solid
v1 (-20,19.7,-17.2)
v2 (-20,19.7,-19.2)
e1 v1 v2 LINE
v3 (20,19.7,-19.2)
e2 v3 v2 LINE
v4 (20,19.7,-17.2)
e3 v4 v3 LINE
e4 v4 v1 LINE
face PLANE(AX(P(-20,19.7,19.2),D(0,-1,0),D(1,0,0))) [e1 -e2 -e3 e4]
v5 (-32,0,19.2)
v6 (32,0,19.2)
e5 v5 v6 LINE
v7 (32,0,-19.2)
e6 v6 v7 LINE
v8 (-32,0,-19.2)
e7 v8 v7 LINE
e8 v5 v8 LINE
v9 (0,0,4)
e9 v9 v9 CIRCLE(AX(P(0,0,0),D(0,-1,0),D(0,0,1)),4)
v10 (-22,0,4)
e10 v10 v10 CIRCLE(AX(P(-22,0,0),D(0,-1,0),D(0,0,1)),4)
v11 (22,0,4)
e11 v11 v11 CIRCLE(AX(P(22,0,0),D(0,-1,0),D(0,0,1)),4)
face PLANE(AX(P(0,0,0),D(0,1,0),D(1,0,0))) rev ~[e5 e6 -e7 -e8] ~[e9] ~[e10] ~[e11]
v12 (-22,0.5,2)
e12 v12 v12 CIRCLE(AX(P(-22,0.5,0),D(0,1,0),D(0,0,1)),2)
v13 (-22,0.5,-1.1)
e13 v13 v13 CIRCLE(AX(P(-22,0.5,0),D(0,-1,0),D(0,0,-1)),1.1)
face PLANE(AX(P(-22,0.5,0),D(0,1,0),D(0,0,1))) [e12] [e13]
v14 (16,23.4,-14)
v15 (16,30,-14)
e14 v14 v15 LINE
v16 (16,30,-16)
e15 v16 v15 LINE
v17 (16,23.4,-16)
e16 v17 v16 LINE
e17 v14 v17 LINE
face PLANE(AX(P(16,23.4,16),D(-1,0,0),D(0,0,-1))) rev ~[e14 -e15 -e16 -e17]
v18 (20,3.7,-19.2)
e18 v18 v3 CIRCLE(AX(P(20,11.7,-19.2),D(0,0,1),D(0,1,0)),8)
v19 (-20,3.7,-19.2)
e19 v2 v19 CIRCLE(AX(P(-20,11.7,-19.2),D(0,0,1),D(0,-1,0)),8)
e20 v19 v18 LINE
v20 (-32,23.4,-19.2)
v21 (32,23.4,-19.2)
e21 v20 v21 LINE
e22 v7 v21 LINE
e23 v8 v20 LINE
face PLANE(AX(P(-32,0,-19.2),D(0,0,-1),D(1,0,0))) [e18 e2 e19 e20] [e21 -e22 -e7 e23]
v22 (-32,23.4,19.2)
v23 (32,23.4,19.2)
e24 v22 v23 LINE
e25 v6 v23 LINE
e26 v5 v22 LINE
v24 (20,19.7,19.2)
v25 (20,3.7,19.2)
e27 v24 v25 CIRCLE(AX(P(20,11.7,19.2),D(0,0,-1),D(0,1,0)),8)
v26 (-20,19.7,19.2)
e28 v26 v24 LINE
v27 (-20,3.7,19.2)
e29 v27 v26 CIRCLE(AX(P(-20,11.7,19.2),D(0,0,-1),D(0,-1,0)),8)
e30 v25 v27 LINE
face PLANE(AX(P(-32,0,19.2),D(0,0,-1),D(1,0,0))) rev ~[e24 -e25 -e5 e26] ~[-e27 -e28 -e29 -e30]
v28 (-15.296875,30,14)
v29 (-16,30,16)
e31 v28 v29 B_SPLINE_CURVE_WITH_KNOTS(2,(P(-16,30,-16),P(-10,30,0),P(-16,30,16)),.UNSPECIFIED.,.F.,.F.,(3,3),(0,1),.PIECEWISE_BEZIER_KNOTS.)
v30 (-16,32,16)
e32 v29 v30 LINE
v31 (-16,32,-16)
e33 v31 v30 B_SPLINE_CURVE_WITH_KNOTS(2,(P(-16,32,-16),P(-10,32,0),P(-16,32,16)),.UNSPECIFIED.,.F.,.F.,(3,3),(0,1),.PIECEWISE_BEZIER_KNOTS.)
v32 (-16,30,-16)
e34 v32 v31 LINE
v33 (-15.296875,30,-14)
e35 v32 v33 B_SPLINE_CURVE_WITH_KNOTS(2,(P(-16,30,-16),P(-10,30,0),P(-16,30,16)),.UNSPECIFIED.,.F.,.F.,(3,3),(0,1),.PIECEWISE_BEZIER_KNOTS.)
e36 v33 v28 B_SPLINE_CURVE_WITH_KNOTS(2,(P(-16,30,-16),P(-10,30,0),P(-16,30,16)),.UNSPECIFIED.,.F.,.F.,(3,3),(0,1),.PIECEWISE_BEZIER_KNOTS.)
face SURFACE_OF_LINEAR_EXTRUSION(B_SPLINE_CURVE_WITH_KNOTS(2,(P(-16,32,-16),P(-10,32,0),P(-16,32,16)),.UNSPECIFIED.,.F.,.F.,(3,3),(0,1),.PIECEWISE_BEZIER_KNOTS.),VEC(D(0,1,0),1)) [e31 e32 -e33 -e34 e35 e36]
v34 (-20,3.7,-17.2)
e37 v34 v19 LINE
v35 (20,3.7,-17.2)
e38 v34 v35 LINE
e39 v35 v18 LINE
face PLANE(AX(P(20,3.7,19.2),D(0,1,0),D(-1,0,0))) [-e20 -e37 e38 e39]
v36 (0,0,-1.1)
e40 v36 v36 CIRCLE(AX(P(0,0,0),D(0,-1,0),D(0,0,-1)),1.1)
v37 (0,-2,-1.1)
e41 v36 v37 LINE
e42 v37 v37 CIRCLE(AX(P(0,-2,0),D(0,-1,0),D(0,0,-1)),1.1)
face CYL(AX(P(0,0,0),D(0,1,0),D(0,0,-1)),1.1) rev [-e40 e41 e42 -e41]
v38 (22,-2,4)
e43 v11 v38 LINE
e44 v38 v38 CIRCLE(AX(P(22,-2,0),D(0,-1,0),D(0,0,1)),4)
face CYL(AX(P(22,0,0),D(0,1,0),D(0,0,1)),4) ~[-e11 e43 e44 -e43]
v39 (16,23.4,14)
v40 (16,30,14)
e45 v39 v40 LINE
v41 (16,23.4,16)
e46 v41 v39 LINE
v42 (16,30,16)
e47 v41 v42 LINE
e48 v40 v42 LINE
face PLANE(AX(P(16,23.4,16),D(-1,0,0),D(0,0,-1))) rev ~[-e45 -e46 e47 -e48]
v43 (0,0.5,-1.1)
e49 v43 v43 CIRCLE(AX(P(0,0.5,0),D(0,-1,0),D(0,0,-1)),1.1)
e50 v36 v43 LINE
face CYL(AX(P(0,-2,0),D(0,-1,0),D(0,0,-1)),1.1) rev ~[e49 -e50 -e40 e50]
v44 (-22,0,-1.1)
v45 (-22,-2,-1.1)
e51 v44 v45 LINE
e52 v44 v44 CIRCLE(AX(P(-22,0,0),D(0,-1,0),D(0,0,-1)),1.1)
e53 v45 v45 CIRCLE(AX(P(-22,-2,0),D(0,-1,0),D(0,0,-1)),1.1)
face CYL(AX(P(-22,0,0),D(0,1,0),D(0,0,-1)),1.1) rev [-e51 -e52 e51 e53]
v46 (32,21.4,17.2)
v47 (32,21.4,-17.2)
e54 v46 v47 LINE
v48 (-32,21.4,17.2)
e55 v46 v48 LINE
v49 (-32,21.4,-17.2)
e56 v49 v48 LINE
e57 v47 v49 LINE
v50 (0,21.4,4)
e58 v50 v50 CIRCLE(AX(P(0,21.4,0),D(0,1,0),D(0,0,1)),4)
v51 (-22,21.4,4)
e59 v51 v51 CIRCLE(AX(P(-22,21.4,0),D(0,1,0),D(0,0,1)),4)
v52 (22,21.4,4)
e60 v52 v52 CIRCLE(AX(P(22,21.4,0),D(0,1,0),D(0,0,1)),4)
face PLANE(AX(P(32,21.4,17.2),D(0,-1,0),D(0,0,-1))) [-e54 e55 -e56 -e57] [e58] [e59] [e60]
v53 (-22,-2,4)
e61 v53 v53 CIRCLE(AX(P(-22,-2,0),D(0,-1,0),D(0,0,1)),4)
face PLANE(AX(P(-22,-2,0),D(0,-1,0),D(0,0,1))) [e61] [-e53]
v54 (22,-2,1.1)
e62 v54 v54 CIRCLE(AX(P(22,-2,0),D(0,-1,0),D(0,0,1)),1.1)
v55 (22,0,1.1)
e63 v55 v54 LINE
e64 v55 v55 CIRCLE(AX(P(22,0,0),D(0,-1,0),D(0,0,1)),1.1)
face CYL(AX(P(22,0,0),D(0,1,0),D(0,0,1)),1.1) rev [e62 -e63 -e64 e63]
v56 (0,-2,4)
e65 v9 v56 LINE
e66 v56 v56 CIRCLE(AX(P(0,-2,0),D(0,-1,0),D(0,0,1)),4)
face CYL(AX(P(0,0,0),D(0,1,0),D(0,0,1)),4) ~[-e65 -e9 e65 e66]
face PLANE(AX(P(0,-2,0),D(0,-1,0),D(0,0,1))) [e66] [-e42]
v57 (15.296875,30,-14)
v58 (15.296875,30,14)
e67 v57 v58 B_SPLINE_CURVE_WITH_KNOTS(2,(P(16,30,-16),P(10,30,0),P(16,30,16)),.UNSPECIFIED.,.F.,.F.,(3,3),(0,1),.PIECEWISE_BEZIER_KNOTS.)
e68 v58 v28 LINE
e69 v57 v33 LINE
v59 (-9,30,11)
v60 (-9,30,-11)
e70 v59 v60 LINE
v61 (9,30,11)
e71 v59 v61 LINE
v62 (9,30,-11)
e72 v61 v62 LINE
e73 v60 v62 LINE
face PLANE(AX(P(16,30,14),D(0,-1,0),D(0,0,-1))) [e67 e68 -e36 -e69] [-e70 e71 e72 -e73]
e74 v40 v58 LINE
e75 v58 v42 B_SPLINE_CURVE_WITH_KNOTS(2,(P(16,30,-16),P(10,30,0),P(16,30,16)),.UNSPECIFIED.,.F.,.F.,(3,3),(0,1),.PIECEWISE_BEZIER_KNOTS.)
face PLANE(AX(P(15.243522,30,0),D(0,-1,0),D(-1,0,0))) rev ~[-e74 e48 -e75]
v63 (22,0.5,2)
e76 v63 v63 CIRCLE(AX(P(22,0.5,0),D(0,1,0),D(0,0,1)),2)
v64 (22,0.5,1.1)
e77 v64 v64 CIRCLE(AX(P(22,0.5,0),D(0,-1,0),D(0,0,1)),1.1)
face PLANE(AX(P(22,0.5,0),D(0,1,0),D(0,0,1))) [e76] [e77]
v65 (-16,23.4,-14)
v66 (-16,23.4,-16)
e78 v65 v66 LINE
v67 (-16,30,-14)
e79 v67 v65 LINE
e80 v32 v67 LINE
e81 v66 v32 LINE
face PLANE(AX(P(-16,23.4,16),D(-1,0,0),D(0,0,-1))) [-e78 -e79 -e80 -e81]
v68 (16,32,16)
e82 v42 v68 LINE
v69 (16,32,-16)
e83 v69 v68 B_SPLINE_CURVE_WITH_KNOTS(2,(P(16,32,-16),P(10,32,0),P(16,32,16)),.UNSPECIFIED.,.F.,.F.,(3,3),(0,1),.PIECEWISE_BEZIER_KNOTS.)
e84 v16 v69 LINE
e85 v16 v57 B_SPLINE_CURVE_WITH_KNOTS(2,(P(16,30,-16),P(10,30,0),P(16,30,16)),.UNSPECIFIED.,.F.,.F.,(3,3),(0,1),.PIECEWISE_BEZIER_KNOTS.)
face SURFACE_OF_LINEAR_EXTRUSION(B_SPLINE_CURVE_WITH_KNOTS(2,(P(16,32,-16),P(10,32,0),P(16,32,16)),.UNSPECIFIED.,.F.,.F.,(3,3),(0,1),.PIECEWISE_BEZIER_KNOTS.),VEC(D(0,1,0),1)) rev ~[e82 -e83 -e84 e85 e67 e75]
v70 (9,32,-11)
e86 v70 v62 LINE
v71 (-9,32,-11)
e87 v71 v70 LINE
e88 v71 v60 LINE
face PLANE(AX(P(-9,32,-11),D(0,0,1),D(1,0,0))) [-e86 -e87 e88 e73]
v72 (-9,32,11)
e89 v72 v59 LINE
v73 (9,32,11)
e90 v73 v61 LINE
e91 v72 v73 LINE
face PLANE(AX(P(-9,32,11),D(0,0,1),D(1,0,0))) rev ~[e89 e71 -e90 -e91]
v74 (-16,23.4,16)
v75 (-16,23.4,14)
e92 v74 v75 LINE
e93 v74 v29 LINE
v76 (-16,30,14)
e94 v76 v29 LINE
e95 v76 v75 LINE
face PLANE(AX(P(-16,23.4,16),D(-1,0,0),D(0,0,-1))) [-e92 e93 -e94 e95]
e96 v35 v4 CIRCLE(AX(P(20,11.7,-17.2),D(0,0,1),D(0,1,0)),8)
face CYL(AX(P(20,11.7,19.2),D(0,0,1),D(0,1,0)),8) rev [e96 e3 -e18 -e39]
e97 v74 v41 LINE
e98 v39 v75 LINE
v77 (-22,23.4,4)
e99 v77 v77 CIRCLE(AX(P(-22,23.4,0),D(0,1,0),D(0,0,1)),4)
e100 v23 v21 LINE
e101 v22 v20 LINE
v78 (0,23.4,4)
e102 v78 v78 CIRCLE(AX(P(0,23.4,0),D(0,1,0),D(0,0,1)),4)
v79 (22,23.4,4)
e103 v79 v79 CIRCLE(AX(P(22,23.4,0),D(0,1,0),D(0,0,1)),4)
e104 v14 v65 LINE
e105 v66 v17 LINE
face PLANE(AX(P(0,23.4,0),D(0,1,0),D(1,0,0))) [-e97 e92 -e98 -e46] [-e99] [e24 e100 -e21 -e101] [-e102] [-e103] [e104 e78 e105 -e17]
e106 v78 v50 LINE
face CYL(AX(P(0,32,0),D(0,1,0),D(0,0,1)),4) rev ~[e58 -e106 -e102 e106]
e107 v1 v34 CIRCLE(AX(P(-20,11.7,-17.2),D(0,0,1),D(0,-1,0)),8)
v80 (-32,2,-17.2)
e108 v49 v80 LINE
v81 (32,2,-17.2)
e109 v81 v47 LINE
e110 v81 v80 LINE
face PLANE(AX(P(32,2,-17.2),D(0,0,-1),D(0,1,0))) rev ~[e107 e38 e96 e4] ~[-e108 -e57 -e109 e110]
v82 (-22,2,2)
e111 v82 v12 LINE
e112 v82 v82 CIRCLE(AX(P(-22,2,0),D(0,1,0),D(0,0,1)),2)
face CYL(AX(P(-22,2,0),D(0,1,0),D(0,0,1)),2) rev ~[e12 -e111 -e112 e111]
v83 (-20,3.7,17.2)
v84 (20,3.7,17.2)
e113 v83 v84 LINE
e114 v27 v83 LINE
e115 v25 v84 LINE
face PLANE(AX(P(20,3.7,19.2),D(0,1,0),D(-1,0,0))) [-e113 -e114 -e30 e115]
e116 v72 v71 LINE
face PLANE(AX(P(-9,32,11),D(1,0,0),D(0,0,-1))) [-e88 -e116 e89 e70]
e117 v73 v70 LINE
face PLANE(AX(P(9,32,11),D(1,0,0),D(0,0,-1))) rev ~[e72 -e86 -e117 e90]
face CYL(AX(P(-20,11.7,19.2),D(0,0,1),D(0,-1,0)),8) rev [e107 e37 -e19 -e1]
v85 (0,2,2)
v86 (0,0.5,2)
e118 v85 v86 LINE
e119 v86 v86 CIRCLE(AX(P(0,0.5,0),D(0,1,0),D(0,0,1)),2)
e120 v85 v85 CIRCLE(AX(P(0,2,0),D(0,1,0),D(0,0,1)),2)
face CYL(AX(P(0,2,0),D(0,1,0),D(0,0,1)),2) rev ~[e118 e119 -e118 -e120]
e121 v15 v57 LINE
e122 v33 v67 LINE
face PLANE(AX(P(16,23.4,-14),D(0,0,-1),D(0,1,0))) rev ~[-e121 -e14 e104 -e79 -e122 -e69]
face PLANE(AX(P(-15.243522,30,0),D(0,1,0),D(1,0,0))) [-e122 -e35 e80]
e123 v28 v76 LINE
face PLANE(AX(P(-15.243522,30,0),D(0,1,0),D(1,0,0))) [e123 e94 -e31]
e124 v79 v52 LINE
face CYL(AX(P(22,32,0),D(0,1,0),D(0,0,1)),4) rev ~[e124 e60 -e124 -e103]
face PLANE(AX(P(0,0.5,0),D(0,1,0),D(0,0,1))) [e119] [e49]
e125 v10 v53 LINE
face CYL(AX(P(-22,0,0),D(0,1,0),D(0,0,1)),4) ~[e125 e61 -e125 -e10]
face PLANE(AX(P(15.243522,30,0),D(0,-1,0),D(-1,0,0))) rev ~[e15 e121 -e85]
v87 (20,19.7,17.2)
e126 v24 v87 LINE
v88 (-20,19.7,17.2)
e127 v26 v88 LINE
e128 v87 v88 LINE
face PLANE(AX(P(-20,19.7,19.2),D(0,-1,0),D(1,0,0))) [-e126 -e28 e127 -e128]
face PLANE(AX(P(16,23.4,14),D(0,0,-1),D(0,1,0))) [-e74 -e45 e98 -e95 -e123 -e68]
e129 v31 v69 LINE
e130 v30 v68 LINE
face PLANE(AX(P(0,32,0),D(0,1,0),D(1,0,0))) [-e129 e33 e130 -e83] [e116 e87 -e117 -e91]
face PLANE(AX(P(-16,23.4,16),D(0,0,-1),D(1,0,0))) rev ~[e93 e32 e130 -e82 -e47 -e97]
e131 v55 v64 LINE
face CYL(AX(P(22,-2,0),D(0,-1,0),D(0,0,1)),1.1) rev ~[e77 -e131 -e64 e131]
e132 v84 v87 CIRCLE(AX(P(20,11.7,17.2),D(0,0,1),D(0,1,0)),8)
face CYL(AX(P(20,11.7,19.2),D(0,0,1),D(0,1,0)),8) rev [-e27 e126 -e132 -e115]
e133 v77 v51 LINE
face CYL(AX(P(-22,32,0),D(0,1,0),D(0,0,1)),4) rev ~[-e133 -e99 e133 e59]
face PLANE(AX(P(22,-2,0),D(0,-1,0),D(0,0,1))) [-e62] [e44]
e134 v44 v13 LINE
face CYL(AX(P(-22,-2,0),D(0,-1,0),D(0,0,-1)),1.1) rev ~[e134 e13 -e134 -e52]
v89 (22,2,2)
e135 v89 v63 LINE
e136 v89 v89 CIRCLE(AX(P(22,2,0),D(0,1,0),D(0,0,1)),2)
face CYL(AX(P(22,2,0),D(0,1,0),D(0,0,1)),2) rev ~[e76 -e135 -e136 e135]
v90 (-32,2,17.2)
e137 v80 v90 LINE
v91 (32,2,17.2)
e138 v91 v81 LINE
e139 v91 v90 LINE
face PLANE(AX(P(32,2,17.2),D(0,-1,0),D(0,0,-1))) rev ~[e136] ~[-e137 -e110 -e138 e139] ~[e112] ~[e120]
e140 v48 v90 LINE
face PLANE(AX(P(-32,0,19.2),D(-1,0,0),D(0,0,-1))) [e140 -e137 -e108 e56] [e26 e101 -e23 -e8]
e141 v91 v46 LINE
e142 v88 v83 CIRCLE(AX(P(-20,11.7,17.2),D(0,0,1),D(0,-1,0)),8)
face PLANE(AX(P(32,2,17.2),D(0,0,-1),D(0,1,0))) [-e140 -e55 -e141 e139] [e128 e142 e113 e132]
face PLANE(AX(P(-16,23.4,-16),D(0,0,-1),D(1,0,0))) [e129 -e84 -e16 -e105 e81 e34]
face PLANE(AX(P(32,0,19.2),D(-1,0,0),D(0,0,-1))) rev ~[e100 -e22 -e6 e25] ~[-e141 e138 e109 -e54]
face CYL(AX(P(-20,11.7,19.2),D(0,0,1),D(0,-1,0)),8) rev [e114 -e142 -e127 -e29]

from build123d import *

# Parameters (mm, degrees)
SKETCH_12_W          = 64
SKETCH_12_H          = 38.4
EXTRUDE_2_DEPTH      = 23.4
SKETCH_13_W          = 34.4
SKETCH_13_H          = 19.4
CUT_EXTRUDE_10_DEPTH = 71.796892587
SKETCH_14_R          = 4
SKETCH_14_R_2        = 1.1
EXTRUDE_3_DEPTH      = 2
CUT_EXTRUDE_11_DEPTH = 56.191666038
CUT_EXTRUDE_13_REACH = 47.142
SKETCH_17_R          = 1.1
SKETCH_18_R          = 2
CUT_EXTRUDE_14_DEPTH = 1.5
SKETCH_20_W          = 32
SKETCH_20_H          = 32
EXTRUDE_5_DEPTH      = 8.6
SKETCH_21_W          = 28
SKETCH_21_H          = 6.6
CUT_EXTRUDE_16_DEPTH = 61.8
SKETCH_23_W          = 18
SKETCH_23_H          = 22
CUT_EXTRUDE_18_DEPTH = 2
SKETCH_22_R          = 4
CUT_EXTRUDE_17_DEPTH = 30


with BuildPart() as part:
    # 草图12 → 凸台-拉伸2 (new body)
    with BuildSketch(Plane(origin=(0, 0, 0), x_dir=(1, 0, 0), z_dir=(0, 1, 0))):
        Rectangle(SKETCH_12_W, SKETCH_12_H)
    extrude(amount=EXTRUDE_2_DEPTH)

    # 草图13 → 切除-拉伸10 (cut, through all)
    with BuildSketch(Plane(origin=(32, 0, 0), x_dir=(0, 0, -1), z_dir=(1, 0, 0))):
        with Locations((0, 11.7)):
            Rectangle(SKETCH_13_W, SKETCH_13_H)
    extrude(amount=-CUT_EXTRUDE_10_DEPTH, mode=Mode.SUBTRACT)

    # 草图14 → 凸台-拉伸3 (add)
    # profile 1 of 3: a face of its own
    with BuildSketch(Plane.XZ):
        with Locations(Location((-22, 0, 0), (0, 0, 90))):
            Circle(SKETCH_14_R)
        with Locations(Location((-22, 0, 0), (0, 0, 270))):
            Circle(SKETCH_14_R_2, mode=Mode.SUBTRACT)
    # profile 2 of 3: a face of its own
    with BuildSketch(Plane.XZ):
        with Locations(Location((22, 0, 0), (0, 0, 90))):
            Circle(SKETCH_14_R)
        with Locations(Location((22, 0, 0), (0, 0, 90))):
            Circle(SKETCH_14_R_2, mode=Mode.SUBTRACT)
    # profile 3 of 3: a face of its own
    with BuildSketch(Plane.XZ):
        with Locations(Location((0, 0, 0), (0, 0, 90))):
            Circle(SKETCH_14_R)
        with Locations(Location((0, 0, 0), (0, 0, 270))):
            Circle(SKETCH_14_R_2, mode=Mode.SUBTRACT)
    extrude(amount=EXTRUDE_3_DEPTH)

    # 草图15 → 切除-拉伸11 (cut, through all)
    with BuildSketch(Plane.XY.offset(19.2)):
        with BuildLine():
            Line((-20, 19.7), (20, 19.7))
            ThreePointArc((20, 19.7), (28, 11.7), (20, 3.7))
            Line((20, 3.7), (-20, 3.7))
            ThreePointArc((-20, 3.7), (-28, 11.7), (-20, 19.7))
        make_face()
    extrude(amount=-CUT_EXTRUDE_11_DEPTH, mode=Mode.SUBTRACT)

    # 草图17 → 切除-拉伸13 (cut, up to next)
    with BuildSketch(Plane.XZ.offset(2), mode=Mode.PRIVATE) as cut_extrude_13_sk1:
        with Locations(Location((22, 0, 0), (0, 0, 90))):
            Circle(SKETCH_17_R)
    cut_extrude_13_tool1 = extrude(cut_extrude_13_sk1.sketch, amount=-CUT_EXTRUDE_13_REACH, mode=Mode.PRIVATE) & part.part
    # 草图17 → 切除-拉伸13 (cut, up to next)
    with BuildSketch(Plane.XZ.offset(2), mode=Mode.PRIVATE) as cut_extrude_13_sk2:
        with Locations(Location((-22, 0, 0), (0, 0, 270))):
            Circle(SKETCH_17_R)
    cut_extrude_13_tool2 = extrude(cut_extrude_13_sk2.sketch, amount=-CUT_EXTRUDE_13_REACH, mode=Mode.PRIVATE) & part.part
    # 草图17 → 切除-拉伸13 (cut, up to next)
    with BuildSketch(Plane.XZ.offset(2), mode=Mode.PRIVATE) as cut_extrude_13_sk3:
        with Locations(Location((0, 0, 0), (0, 0, 270))):
            Circle(SKETCH_17_R)
    cut_extrude_13_tool3 = extrude(cut_extrude_13_sk3.sketch, amount=-CUT_EXTRUDE_13_REACH, mode=Mode.PRIVATE) & part.part
    add(cut_extrude_13_tool1.solids().sort_by_distance((22, -2, 0))[0], mode=Mode.SUBTRACT)
    add(cut_extrude_13_tool2.solids().sort_by_distance((-22, -2, 0))[0], mode=Mode.SUBTRACT)
    add(cut_extrude_13_tool3.solids().sort_by_distance((0, -2, 0))[0], mode=Mode.SUBTRACT)

    # 草图18 → 切除-拉伸14 (cut)
    with BuildSketch(Plane(origin=(0, 2, 0), x_dir=(1, 0, 0), z_dir=(0, 1, 0))):
        with Locations(Location((-22, 0, 0), (0, 0, 270))):
            Circle(SKETCH_18_R)
        with Locations(Location((22, 0, 0), (0, 0, 270))):
            Circle(SKETCH_18_R)
        with Locations(Location((0, 0, 0), (0, 0, 270))):
            Circle(SKETCH_18_R)
    extrude(amount=-CUT_EXTRUDE_14_DEPTH, mode=Mode.SUBTRACT)

    # 草图20 → 凸台-拉伸5 (add)
    with BuildSketch(Plane(origin=(0, 23.4, 0), x_dir=(1, 0, 0), z_dir=(0, 1, 0))):
        Rectangle(SKETCH_20_W, SKETCH_20_H)
    extrude(amount=EXTRUDE_5_DEPTH)

    # 草图21 → 切除-拉伸16 (cut, through all)
    with BuildSketch(Plane(origin=(16, 0, 0), x_dir=(0, 0, -1), z_dir=(1, 0, 0))):
        with Locations((0, 26.7)):
            Rectangle(SKETCH_21_W, SKETCH_21_H)
    extrude(amount=-CUT_EXTRUDE_16_DEPTH, mode=Mode.SUBTRACT)

    # 草图23 → 切除-拉伸18 (cut)
    with BuildSketch(Plane(origin=(0, 32, 0), x_dir=(1, 0, 0), z_dir=(0, 1, 0))):
        with BuildLine():
            Line((-16, 16), (-16, -16))
            add(Edge.make_bspline(
                [(-16, 16), (-10, 0), (-16, -16)],
                knots=[0, 0, 0, 1, 1, 1], degree=2))
        make_face()
        with BuildLine():
            Line((16, 16), (16, -16))
            add(Edge.make_bspline(
                [(16, 16), (10, 0), (16, -16)],
                knots=[0, 0, 0, 1, 1, 1], degree=2))
        make_face()
        Rectangle(SKETCH_23_W, SKETCH_23_H)
    extrude(amount=-CUT_EXTRUDE_18_DEPTH, mode=Mode.SUBTRACT)

    # 草图22 → 切除-拉伸17 (cut)
    with BuildSketch(Plane(origin=(0, 32, 0), x_dir=(1, 0, 0), z_dir=(0, 1, 0))):
        with Locations(Location((22, 0, 0), (0, 0, 270))):
            Circle(SKETCH_22_R)
        with Locations(Location((-22, 0, 0), (0, 0, 270))):
            Circle(SKETCH_22_R)
        with Locations(Location((0, 0, 0), (0, 0, 270))):
            Circle(SKETCH_22_R)
    extrude(amount=-CUT_EXTRUDE_17_DEPTH, mode=Mode.SUBTRACT)


solid = part.part
